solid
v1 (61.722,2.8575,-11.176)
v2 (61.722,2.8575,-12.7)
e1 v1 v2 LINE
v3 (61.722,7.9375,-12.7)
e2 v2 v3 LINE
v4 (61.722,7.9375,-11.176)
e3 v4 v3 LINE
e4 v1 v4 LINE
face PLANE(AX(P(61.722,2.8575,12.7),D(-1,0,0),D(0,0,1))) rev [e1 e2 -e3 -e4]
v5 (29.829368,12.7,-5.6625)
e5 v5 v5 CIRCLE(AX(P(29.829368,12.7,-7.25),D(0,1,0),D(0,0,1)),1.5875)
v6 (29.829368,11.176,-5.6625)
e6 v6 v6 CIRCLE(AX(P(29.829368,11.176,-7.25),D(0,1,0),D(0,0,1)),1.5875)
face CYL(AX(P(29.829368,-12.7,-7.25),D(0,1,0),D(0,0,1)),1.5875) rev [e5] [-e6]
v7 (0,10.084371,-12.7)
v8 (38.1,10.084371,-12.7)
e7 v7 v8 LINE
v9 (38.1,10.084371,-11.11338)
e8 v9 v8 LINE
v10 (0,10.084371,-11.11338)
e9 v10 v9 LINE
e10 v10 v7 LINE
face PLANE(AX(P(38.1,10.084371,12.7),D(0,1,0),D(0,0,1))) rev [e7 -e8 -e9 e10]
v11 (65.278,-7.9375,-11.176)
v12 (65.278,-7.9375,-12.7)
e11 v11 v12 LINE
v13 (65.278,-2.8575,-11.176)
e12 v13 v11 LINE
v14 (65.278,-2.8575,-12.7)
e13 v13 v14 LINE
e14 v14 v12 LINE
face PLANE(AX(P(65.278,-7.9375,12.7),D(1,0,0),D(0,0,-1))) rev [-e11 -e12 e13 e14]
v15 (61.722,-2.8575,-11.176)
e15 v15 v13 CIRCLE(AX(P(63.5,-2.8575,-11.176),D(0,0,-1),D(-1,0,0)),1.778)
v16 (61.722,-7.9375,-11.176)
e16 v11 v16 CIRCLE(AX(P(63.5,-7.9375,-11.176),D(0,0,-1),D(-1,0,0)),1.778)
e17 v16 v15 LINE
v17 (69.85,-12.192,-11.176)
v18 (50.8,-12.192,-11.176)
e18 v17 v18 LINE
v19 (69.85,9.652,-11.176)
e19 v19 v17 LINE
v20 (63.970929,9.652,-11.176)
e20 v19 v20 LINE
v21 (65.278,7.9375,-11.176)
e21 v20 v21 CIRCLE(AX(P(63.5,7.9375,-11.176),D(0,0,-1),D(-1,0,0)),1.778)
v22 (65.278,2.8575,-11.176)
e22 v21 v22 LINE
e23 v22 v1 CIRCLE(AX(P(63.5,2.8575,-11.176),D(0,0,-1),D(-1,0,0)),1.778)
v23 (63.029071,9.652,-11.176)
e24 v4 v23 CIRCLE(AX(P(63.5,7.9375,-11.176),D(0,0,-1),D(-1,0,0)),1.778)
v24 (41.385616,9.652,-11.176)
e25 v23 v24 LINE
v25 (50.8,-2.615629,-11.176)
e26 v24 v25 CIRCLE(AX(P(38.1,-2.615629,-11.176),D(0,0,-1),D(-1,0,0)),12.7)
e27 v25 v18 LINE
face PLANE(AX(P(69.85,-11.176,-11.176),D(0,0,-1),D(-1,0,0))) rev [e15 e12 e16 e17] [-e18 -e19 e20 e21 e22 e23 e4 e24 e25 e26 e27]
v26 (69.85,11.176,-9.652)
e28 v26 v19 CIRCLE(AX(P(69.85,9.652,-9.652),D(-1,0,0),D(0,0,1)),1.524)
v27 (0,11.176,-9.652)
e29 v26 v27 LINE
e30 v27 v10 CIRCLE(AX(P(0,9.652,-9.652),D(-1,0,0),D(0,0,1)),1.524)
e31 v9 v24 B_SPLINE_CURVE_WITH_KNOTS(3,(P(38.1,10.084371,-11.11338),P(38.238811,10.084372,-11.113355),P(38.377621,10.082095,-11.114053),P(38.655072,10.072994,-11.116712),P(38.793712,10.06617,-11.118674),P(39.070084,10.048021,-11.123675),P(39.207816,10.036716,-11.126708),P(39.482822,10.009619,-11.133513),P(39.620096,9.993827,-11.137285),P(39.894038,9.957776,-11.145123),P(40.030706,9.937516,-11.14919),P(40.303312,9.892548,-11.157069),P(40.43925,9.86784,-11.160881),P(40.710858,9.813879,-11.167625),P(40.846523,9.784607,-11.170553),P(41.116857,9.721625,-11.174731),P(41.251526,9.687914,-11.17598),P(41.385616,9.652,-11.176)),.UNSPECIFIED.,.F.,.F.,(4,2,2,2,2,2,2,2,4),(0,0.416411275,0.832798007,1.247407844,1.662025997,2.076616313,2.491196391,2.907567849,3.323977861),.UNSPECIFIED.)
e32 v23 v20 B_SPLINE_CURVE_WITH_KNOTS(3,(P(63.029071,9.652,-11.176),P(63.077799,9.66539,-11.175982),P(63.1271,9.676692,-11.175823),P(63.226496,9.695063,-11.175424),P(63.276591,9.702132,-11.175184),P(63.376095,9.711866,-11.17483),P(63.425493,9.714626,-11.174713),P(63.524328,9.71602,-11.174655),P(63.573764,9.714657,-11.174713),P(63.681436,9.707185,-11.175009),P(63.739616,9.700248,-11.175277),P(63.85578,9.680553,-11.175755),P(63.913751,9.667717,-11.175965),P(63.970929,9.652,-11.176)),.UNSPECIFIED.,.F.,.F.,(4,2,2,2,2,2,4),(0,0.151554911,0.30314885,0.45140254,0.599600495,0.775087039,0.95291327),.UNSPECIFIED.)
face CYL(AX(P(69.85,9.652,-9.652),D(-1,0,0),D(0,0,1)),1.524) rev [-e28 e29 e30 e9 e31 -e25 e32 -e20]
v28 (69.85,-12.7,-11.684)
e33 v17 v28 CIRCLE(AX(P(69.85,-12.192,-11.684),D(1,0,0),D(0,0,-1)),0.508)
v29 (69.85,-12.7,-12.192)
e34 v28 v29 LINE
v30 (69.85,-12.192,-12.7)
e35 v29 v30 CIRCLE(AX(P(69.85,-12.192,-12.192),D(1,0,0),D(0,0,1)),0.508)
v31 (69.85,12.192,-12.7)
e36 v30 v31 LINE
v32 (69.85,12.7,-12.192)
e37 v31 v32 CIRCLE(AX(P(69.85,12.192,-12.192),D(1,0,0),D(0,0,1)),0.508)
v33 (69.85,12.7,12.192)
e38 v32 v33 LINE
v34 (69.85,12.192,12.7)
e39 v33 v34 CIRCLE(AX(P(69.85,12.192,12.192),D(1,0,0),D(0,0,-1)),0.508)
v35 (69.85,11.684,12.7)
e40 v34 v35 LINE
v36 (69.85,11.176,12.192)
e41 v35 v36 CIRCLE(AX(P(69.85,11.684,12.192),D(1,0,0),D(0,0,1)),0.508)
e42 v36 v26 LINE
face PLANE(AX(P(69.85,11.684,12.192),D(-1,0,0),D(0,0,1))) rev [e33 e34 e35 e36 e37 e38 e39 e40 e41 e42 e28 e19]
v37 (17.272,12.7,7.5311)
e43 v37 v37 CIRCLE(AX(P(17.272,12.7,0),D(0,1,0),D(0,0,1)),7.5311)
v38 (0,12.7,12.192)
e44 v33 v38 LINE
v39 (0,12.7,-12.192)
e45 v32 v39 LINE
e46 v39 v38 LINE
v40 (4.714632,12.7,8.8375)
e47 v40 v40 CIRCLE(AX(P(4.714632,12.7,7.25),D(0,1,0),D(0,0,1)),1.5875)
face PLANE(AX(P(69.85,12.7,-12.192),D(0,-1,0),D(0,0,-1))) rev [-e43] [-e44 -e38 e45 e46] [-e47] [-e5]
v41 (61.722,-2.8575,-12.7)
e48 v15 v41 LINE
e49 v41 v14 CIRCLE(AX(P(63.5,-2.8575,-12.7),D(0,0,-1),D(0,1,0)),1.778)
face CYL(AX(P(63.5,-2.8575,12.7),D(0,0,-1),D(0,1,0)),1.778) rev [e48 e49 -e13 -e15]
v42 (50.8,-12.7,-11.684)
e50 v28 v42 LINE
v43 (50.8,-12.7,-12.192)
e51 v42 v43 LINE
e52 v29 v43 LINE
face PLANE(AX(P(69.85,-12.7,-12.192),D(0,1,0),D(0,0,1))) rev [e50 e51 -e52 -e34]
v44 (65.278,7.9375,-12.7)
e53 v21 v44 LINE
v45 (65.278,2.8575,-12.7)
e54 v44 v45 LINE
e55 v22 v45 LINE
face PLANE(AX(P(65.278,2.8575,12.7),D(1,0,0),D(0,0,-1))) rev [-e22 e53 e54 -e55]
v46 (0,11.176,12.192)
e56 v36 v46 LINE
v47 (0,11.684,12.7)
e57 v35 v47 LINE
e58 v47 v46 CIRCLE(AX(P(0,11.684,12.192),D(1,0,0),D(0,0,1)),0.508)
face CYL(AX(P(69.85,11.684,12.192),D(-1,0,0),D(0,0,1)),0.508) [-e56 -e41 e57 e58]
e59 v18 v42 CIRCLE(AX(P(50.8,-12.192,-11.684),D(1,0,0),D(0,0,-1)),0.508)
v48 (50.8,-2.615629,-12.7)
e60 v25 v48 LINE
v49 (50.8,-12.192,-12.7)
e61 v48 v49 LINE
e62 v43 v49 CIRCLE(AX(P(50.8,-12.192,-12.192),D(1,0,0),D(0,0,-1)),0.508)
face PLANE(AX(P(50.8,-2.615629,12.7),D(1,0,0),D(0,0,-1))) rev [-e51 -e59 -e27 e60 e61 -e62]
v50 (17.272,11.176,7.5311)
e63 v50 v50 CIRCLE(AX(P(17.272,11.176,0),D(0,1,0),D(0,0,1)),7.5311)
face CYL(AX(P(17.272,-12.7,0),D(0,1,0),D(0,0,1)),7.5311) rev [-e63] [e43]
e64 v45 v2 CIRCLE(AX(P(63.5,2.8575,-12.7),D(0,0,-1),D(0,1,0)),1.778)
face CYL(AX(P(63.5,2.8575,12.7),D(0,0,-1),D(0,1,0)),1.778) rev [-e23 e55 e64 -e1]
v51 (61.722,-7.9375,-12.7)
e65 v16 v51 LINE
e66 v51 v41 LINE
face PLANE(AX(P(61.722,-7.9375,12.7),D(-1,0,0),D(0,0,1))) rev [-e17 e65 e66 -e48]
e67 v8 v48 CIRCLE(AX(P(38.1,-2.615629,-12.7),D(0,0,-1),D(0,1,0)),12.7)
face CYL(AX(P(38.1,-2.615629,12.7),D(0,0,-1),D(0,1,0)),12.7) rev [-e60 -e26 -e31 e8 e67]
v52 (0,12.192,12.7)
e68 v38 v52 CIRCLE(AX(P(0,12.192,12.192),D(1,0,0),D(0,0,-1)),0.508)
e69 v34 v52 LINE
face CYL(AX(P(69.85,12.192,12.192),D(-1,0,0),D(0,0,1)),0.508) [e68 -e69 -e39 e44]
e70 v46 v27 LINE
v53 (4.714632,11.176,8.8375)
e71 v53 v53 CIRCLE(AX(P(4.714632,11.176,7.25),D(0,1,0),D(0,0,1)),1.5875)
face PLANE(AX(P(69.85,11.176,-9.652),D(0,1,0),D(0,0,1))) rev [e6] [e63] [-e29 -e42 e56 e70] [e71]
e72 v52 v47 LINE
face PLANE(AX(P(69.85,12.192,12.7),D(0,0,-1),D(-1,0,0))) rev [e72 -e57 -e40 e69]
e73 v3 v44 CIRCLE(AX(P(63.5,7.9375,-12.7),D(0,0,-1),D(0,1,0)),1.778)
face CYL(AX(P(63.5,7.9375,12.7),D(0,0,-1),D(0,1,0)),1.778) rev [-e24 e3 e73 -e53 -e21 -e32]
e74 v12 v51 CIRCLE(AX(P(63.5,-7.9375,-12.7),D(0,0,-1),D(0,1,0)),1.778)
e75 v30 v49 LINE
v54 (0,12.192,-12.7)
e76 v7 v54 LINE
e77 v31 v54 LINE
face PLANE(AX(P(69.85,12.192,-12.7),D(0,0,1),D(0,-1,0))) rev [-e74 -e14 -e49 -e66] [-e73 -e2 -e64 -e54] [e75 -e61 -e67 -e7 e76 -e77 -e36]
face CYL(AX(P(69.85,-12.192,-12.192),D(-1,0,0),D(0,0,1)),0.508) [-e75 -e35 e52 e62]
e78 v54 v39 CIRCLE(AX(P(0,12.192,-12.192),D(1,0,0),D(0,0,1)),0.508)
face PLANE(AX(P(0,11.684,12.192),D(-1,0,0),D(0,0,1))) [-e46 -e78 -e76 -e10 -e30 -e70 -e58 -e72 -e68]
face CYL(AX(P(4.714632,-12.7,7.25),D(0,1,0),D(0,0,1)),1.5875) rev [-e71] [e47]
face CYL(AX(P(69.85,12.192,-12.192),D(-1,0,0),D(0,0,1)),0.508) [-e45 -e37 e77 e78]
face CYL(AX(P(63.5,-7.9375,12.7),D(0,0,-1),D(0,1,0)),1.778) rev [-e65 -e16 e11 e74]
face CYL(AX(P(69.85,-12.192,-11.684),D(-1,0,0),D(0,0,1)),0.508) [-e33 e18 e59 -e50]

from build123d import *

# Parameters (mm, degrees)
BOSS_EXTRUDE1_DEPTH = 69.85
SKETCH2_R           = 7.5311
SKETCH2_R_2         = 1.5875
CUT_EXTRUDE1_DEPTH  = 26.4
CUT_EXTRUDE2_DEPTH  = 26.4
CUT_EXTRUDE3_DEPTH  = 26.4


with BuildPart() as part:
    # Sketch1 → Boss-Extrude1 (new body)
    with BuildSketch(Plane(origin=(0, 0, 0), x_dir=(0, 0, -1), z_dir=(1, 0, 0))):
        with BuildLine():
            Line((9.652, 11.176), (-11.176, 11.176))
            Line((-11.176, 11.176), (-12.192, 11.176))
            ThreePointArc((-12.192, 11.176), (-12.551210245, 11.324789755), (-12.7, 11.684))
            Line((-12.7, 11.684), (-12.7, 12.192))
            ThreePointArc((-12.7, 12.192), (-12.551210245, 12.551210245), (-12.192, 12.7))
            Line((-12.192, 12.7), (12.192, 12.7))
            ThreePointArc((12.192, 12.7), (12.551210245, 12.551210245), (12.7, 12.192))
            Line((12.7, 12.192), (12.7, -12.192))
            ThreePointArc((12.7, -12.192), (12.551210245, -12.551210245), (12.192, -12.7))
            Line((12.192, -12.7), (11.684, -12.7))
            ThreePointArc((11.684, -12.7), (11.324789755, -12.551210245), (11.176, -12.192))
            Line((11.176, -12.192), (11.176, -11.176))
            Line((11.176, -11.176), (11.176, 9.652))
            ThreePointArc((11.176, 9.652), (10.729630735, 10.729630735), (9.652, 11.176))
        make_face()
    extrude(amount=BOSS_EXTRUDE1_DEPTH)

    # Sketch2 → Cut-Extrude1 (cut, through all)
    with BuildSketch(Plane(origin=(0, 12.7, 0), x_dir=(1, 0, 0), z_dir=(0, 1, 0))):
        with Locations((17.272, 0)):
            Circle(SKETCH2_R)
        with Locations((29.829368355, 7.25)):
            Circle(SKETCH2_R_2)
        with Locations((4.714631645, -7.25)):
            Circle(SKETCH2_R_2)
    extrude(amount=-CUT_EXTRUDE1_DEPTH, mode=Mode.SUBTRACT)

    # Sketch3 → Cut-Extrude2 (cut, through all)
    with BuildSketch(Plane(origin=(0, 0, -12.7), x_dir=(-1, 0, 0), z_dir=(0, 0, -1))):
        with BuildLine():
            Line((-38.1, 10.084370729), (0, 10.084370729))
            ThreePointArc((0, 10.084370729), (12.7, -2.615629271), (0, -15.315629271))
            Line((0, -15.315629271), (-38.1, -15.315629271))
            Line((-38.1, -15.315629271), (-50.8, -15.315629271))
            Line((-50.8, -15.315629271), (-50.8, -2.615629271))
            ThreePointArc((-50.8, -2.615629271), (-47.080256121, 6.36462685), (-38.1, 10.084370729))
        make_face()
    extrude(amount=-CUT_EXTRUDE2_DEPTH, mode=Mode.SUBTRACT)

    # Sketch4 → Cut-Extrude3 (cut, through all)
    with BuildSketch(Plane(origin=(0, 0, -12.7), x_dir=(-1, 0, 0), z_dir=(0, 0, -1))):
        with BuildLine():
            Line((-65.278, -7.9375), (-65.278, -2.8575))
            ThreePointArc((-65.278, -2.8575), (-63.5, -1.0795), (-61.722, -2.8575))
            Line((-61.722, -2.8575), (-61.722, -7.9375))
            ThreePointArc((-61.722, -7.9375), (-63.5, -9.7155), (-65.278, -7.9375))
        make_face()
        with BuildLine():
            Line((-65.278, 2.8575), (-65.278, 7.9375))
            ThreePointArc((-65.278, 7.9375), (-63.5, 9.7155), (-61.722, 7.9375))
            Line((-61.722, 7.9375), (-61.722, 2.8575))
            ThreePointArc((-61.722, 2.8575), (-63.5, 1.0795), (-65.278, 2.8575))
        make_face()
    extrude(amount=-CUT_EXTRUDE3_DEPTH, mode=Mode.SUBTRACT)


solid = part.part
